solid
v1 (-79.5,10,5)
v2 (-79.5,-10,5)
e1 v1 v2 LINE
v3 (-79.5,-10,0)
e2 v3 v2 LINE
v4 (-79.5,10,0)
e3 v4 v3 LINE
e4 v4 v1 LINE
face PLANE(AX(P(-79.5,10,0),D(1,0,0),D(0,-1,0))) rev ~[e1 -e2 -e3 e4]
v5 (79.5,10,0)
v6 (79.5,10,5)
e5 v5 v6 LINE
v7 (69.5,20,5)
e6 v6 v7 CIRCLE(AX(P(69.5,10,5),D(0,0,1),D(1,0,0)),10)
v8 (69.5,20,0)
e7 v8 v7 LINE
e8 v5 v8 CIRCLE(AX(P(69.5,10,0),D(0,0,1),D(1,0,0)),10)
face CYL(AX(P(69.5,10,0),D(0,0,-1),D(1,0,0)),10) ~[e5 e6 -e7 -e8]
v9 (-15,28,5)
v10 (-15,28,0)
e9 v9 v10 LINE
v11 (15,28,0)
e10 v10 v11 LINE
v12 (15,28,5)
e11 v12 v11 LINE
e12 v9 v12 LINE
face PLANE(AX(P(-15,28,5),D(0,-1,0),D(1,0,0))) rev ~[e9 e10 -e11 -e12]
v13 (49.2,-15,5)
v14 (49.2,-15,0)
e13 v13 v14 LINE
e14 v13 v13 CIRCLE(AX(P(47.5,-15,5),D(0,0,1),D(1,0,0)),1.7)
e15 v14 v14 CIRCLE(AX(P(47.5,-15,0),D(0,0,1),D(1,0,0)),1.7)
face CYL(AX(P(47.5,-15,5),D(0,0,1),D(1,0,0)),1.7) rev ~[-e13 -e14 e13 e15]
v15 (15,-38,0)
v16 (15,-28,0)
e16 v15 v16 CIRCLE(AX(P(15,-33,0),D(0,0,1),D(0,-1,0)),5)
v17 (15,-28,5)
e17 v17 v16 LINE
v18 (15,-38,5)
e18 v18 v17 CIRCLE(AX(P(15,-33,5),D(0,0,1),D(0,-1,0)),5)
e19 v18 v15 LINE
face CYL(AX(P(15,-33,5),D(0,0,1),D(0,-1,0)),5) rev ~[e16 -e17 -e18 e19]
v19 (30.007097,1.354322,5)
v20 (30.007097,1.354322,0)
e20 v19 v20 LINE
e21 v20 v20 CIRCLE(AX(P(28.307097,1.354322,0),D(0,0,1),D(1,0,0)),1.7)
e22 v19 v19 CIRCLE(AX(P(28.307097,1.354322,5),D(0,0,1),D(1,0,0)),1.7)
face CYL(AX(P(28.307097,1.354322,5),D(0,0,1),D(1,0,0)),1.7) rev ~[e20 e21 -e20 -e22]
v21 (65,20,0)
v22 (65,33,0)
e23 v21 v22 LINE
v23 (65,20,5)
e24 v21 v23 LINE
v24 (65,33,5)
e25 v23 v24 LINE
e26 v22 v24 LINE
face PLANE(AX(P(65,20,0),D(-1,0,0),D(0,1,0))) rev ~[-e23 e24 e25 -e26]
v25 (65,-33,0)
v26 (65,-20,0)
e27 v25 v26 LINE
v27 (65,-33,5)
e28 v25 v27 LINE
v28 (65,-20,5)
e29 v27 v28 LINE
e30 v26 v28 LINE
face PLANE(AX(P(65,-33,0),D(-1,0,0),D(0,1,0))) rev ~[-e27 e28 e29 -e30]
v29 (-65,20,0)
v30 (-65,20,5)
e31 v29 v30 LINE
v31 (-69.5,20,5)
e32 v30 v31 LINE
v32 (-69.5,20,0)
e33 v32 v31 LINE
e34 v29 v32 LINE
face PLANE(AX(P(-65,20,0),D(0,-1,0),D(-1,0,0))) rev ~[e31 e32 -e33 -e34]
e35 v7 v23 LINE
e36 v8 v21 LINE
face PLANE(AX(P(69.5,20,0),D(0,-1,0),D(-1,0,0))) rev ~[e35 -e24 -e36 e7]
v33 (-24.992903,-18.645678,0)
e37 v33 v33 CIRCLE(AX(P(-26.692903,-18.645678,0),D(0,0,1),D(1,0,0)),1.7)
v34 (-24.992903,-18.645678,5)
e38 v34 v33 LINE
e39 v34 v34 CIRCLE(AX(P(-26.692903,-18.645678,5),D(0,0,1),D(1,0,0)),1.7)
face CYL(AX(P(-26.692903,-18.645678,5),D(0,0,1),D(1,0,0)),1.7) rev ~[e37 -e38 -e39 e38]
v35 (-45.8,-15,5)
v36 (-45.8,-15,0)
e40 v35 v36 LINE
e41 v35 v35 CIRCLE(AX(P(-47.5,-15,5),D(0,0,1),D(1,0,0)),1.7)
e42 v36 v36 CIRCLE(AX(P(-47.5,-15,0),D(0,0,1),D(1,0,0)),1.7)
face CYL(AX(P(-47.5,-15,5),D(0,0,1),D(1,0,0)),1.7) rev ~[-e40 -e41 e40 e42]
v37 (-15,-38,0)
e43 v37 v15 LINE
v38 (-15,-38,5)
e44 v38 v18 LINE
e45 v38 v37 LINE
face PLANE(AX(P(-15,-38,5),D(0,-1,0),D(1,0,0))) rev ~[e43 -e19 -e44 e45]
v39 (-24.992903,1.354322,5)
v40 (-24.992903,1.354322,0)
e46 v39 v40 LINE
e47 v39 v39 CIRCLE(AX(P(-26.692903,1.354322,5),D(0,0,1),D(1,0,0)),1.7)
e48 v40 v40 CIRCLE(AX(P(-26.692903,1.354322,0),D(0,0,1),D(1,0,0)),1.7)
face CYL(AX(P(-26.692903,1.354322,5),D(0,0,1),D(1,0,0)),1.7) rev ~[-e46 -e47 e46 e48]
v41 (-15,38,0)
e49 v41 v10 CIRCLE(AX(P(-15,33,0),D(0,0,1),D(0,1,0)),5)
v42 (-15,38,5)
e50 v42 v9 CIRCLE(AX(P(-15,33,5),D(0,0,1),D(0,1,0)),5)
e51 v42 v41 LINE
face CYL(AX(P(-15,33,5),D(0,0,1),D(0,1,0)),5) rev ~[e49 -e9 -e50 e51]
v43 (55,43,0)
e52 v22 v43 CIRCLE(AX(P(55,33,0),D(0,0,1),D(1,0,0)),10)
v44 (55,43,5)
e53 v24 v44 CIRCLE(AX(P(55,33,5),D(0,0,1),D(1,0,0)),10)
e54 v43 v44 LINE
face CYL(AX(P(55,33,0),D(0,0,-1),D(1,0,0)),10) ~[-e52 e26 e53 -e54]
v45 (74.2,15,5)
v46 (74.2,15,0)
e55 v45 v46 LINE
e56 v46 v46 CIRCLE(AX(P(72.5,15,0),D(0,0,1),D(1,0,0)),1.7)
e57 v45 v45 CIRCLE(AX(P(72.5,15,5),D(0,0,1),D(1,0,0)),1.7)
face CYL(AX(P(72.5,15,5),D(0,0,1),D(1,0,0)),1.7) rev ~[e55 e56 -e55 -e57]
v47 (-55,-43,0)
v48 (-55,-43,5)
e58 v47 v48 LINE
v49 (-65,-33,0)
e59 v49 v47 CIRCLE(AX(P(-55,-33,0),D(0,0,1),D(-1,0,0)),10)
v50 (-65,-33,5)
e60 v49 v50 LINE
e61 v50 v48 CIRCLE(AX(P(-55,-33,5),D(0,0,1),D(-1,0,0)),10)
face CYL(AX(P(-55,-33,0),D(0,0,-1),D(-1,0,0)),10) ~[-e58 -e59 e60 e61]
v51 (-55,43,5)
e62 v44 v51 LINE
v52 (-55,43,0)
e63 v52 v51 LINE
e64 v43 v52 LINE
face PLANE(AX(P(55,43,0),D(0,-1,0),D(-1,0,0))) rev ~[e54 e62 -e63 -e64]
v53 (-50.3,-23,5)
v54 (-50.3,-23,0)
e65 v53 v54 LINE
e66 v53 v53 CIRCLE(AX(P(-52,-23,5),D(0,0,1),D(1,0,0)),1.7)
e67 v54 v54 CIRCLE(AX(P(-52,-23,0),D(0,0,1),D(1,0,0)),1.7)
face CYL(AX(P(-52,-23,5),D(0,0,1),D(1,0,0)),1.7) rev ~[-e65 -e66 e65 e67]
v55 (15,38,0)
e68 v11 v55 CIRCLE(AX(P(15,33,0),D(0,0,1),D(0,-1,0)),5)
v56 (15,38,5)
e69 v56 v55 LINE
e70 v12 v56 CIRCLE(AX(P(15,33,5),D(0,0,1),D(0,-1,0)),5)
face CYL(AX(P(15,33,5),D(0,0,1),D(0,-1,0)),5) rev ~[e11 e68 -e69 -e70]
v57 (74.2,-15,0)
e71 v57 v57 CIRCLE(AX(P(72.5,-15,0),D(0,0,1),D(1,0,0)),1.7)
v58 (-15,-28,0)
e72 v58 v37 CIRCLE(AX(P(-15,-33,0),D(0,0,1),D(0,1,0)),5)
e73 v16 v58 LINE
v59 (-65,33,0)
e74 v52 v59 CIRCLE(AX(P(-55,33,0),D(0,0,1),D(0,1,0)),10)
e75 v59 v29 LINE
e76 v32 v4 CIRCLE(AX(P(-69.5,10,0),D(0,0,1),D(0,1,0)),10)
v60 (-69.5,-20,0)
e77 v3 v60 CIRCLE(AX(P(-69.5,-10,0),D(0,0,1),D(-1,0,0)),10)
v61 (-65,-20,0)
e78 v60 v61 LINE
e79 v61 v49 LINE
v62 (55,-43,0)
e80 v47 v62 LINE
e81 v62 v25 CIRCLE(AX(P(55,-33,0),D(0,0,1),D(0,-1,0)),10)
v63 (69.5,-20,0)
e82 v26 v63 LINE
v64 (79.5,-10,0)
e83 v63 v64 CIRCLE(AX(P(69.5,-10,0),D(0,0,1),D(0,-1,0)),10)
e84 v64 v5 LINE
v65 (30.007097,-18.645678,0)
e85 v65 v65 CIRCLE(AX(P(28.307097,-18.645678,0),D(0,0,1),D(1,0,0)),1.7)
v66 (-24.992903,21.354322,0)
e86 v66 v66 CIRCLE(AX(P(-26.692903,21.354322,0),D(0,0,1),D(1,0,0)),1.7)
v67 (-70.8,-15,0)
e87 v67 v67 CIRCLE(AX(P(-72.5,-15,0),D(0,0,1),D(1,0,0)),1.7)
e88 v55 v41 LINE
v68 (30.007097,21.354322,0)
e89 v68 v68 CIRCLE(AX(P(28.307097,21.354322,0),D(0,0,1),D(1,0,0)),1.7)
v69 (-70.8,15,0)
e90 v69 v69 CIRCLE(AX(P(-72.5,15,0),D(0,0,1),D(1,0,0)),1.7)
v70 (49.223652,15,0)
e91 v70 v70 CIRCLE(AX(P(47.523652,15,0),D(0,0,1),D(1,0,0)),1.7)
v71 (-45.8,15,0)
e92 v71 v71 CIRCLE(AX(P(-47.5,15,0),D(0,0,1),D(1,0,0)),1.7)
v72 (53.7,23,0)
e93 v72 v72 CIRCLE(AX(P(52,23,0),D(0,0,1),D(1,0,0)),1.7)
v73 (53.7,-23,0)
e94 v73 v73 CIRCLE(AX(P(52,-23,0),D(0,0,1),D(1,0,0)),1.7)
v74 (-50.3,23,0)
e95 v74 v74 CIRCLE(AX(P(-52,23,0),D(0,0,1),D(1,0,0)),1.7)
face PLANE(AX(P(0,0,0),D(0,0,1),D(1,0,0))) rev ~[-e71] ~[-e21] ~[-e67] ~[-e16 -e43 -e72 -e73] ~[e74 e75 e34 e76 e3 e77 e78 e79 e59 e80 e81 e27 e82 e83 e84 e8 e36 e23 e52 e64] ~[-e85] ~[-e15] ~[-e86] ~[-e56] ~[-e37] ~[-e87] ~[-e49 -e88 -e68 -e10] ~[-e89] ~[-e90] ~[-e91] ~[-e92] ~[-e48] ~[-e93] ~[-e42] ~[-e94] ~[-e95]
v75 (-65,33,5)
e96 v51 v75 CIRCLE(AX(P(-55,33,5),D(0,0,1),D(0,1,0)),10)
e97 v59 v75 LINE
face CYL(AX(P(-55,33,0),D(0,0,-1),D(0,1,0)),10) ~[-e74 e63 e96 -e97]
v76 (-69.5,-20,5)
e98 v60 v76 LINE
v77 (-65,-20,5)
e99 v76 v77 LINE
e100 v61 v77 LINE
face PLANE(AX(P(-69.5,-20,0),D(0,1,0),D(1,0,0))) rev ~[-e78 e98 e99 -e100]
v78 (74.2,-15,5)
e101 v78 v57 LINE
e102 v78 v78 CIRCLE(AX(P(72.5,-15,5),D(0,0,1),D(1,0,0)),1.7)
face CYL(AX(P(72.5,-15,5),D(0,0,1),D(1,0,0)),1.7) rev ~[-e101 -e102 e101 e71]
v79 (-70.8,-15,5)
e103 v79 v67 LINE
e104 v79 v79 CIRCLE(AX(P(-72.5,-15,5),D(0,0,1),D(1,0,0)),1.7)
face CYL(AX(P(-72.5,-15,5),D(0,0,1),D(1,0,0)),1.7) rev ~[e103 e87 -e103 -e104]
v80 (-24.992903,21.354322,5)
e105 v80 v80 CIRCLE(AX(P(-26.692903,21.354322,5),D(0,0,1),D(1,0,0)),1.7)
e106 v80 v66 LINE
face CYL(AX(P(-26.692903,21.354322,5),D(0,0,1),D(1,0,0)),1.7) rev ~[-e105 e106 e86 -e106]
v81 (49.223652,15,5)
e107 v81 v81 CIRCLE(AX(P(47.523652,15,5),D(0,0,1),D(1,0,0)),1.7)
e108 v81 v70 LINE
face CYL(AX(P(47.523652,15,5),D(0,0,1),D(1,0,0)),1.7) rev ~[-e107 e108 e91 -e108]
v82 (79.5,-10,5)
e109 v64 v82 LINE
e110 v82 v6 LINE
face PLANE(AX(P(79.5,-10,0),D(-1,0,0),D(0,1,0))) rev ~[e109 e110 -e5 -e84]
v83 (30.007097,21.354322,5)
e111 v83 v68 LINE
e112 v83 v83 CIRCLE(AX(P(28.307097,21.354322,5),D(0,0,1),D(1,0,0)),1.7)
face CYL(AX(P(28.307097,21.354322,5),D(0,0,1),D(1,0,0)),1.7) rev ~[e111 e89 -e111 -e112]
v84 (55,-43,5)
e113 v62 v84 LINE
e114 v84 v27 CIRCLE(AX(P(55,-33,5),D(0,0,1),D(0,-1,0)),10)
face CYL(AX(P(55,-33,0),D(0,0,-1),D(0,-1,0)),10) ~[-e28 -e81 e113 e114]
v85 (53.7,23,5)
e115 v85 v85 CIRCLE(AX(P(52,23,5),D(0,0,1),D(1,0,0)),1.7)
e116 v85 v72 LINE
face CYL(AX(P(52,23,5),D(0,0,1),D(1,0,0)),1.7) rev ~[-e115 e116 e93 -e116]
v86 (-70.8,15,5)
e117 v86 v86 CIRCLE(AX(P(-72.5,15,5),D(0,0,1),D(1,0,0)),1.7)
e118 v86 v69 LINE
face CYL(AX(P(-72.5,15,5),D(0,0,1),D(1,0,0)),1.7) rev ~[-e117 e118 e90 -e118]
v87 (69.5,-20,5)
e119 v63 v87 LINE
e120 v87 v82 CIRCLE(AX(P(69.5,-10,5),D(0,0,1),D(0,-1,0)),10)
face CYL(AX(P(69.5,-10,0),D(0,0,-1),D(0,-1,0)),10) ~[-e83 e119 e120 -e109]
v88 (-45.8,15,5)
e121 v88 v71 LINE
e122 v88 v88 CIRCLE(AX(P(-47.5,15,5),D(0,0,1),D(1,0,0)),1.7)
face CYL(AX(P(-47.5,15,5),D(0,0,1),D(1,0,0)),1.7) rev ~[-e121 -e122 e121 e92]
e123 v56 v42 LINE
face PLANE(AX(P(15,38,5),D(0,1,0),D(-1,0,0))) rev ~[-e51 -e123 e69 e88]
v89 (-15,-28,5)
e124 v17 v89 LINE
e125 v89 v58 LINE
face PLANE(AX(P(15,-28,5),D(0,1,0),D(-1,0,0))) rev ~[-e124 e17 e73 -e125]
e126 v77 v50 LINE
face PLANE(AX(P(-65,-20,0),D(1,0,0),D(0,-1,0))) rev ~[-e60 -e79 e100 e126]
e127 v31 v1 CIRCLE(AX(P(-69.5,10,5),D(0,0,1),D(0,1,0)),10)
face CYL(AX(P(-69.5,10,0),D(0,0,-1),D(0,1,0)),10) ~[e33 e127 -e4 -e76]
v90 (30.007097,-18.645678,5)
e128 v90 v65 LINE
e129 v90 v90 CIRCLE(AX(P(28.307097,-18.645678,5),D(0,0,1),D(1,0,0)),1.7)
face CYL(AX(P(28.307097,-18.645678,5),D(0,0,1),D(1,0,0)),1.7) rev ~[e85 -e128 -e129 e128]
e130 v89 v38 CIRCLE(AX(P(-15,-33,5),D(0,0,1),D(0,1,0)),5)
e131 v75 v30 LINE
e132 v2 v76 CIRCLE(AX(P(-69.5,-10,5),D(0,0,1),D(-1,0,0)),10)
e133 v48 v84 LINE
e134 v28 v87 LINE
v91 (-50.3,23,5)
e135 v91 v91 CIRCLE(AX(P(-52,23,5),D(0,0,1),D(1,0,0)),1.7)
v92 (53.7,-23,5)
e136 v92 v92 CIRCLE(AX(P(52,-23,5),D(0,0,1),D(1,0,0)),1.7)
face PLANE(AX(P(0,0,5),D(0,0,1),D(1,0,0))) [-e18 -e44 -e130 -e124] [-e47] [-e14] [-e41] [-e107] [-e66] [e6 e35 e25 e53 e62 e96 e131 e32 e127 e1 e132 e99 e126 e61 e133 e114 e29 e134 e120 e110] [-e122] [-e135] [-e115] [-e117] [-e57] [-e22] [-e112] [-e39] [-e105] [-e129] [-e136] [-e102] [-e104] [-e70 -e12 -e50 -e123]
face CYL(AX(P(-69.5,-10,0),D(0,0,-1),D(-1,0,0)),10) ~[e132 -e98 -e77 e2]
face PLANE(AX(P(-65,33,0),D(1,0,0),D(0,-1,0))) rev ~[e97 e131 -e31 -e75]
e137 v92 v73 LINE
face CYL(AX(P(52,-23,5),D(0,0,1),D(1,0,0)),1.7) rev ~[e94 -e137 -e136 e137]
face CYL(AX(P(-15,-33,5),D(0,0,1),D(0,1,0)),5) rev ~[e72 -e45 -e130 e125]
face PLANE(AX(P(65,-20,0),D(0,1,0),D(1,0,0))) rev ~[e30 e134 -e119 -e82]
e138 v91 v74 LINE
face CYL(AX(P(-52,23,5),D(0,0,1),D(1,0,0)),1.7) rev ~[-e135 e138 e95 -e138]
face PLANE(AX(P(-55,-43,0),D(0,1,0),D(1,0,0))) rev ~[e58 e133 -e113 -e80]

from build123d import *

# Parameters (mm, degrees)
BOSS_EXTRUDE2_DEPTH = 5
SKETCH3_R           = 1.7
CUT_EXTRUDE1_DEPTH  = 5


with BuildPart() as part:
    # Sketch1 → Boss-Extrude2 (new body)
    with BuildSketch(Plane.XY):
        with BuildLine():
            Line((-65, -20), (-65, -33))
            ThreePointArc((-65, -33), (-62.071067812, -40.071067812), (-55, -43))
            Line((-55, -43), (55, -43))
            ThreePointArc((55, -43), (62.071067812, -40.071067812), (65, -33))
            Line((65, -33), (65, -20))
            Line((65, -20), (69.5, -20))
            ThreePointArc((69.5, -20), (76.571067812, -17.071067812), (79.5, -10))
            Line((79.5, -10), (79.5, 10))
            ThreePointArc((79.5, 10), (76.571067812, 17.071067812), (69.5, 20))
            Line((69.5, 20), (65, 20))
            Line((65, 20), (65, 33))
            ThreePointArc((65, 33), (62.071067812, 40.071067812), (55, 43))
            Line((55, 43), (-55, 43))
            ThreePointArc((-55, 43), (-62.071067812, 40.071067812), (-65, 33))
            Line((-65, 33), (-65, 20))
            Line((-65, 20), (-69.5, 20))
            ThreePointArc((-69.5, 20), (-76.571067812, 17.071067812), (-79.5, 10))
            Line((-79.5, 10), (-79.5, -10))
            ThreePointArc((-79.5, -10), (-76.571067812, -17.071067812), (-69.5, -20))
            Line((-69.5, -20), (-65, -20))
        make_face()
    extrude(amount=BOSS_EXTRUDE2_DEPTH)

    # Sketch3 → Cut-Extrude1 (cut)
    with BuildSketch(Plane.XY.offset(5)):
        with Locations((-47.5, -15)):
            Circle(SKETCH3_R)
        with Locations((-47.5, 15)):
            Circle(SKETCH3_R)
        with Locations((72.5, 15)):
            Circle(SKETCH3_R)
        with Locations((47.52365162, 15)):
            Circle(SKETCH3_R)
        with Locations((72.5, -15)):
            Circle(SKETCH3_R)
        with Locations((47.5, -15)):
            Circle(SKETCH3_R)
        with BuildLine():
            Line((15, 38), (-15, 38))
            ThreePointArc((-15, 38), (-20, 33), (-15, 28))
            Line((-15, 28), (15, 28))
            ThreePointArc((15, 28), (20, 33), (15, 38))
        make_face()
        with BuildLine():
            Line((15, -28), (-15, -28))
            ThreePointArc((-15, -28), (-20, -33), (-15, -38))
            Line((-15, -38), (15, -38))
            ThreePointArc((15, -38), (20, -33), (15, -28))
        make_face()
        with Locations((-72.5, -15)):
            Circle(SKETCH3_R)
        with Locations((-72.5, 15)):
            Circle(SKETCH3_R)
        with Locations((-26.692902898, 21.354322319)):
            Circle(SKETCH3_R)
        with Locations((-26.692902898, 1.354322319)):
            Circle(SKETCH3_R)
        with Locations((-26.692902898, -18.645677681)):
            Circle(SKETCH3_R)
        with Locations((28.307097102, -18.645677681)):
            Circle(SKETCH3_R)
        with Locations((28.307097102, 1.354322319)):
            Circle(SKETCH3_R)
        with Locations((28.307097102, 21.354322319)):
            Circle(SKETCH3_R)
        with Locations((-52, 23)):
            Circle(SKETCH3_R)
        with Locations((-52, -23)):
            Circle(SKETCH3_R)
        with Locations((52, -23)):
            Circle(SKETCH3_R)
        with Locations((52, 23)):
            Circle(SKETCH3_R)
    extrude(amount=-CUT_EXTRUDE1_DEPTH, mode=Mode.SUBTRACT)


solid = part.part
